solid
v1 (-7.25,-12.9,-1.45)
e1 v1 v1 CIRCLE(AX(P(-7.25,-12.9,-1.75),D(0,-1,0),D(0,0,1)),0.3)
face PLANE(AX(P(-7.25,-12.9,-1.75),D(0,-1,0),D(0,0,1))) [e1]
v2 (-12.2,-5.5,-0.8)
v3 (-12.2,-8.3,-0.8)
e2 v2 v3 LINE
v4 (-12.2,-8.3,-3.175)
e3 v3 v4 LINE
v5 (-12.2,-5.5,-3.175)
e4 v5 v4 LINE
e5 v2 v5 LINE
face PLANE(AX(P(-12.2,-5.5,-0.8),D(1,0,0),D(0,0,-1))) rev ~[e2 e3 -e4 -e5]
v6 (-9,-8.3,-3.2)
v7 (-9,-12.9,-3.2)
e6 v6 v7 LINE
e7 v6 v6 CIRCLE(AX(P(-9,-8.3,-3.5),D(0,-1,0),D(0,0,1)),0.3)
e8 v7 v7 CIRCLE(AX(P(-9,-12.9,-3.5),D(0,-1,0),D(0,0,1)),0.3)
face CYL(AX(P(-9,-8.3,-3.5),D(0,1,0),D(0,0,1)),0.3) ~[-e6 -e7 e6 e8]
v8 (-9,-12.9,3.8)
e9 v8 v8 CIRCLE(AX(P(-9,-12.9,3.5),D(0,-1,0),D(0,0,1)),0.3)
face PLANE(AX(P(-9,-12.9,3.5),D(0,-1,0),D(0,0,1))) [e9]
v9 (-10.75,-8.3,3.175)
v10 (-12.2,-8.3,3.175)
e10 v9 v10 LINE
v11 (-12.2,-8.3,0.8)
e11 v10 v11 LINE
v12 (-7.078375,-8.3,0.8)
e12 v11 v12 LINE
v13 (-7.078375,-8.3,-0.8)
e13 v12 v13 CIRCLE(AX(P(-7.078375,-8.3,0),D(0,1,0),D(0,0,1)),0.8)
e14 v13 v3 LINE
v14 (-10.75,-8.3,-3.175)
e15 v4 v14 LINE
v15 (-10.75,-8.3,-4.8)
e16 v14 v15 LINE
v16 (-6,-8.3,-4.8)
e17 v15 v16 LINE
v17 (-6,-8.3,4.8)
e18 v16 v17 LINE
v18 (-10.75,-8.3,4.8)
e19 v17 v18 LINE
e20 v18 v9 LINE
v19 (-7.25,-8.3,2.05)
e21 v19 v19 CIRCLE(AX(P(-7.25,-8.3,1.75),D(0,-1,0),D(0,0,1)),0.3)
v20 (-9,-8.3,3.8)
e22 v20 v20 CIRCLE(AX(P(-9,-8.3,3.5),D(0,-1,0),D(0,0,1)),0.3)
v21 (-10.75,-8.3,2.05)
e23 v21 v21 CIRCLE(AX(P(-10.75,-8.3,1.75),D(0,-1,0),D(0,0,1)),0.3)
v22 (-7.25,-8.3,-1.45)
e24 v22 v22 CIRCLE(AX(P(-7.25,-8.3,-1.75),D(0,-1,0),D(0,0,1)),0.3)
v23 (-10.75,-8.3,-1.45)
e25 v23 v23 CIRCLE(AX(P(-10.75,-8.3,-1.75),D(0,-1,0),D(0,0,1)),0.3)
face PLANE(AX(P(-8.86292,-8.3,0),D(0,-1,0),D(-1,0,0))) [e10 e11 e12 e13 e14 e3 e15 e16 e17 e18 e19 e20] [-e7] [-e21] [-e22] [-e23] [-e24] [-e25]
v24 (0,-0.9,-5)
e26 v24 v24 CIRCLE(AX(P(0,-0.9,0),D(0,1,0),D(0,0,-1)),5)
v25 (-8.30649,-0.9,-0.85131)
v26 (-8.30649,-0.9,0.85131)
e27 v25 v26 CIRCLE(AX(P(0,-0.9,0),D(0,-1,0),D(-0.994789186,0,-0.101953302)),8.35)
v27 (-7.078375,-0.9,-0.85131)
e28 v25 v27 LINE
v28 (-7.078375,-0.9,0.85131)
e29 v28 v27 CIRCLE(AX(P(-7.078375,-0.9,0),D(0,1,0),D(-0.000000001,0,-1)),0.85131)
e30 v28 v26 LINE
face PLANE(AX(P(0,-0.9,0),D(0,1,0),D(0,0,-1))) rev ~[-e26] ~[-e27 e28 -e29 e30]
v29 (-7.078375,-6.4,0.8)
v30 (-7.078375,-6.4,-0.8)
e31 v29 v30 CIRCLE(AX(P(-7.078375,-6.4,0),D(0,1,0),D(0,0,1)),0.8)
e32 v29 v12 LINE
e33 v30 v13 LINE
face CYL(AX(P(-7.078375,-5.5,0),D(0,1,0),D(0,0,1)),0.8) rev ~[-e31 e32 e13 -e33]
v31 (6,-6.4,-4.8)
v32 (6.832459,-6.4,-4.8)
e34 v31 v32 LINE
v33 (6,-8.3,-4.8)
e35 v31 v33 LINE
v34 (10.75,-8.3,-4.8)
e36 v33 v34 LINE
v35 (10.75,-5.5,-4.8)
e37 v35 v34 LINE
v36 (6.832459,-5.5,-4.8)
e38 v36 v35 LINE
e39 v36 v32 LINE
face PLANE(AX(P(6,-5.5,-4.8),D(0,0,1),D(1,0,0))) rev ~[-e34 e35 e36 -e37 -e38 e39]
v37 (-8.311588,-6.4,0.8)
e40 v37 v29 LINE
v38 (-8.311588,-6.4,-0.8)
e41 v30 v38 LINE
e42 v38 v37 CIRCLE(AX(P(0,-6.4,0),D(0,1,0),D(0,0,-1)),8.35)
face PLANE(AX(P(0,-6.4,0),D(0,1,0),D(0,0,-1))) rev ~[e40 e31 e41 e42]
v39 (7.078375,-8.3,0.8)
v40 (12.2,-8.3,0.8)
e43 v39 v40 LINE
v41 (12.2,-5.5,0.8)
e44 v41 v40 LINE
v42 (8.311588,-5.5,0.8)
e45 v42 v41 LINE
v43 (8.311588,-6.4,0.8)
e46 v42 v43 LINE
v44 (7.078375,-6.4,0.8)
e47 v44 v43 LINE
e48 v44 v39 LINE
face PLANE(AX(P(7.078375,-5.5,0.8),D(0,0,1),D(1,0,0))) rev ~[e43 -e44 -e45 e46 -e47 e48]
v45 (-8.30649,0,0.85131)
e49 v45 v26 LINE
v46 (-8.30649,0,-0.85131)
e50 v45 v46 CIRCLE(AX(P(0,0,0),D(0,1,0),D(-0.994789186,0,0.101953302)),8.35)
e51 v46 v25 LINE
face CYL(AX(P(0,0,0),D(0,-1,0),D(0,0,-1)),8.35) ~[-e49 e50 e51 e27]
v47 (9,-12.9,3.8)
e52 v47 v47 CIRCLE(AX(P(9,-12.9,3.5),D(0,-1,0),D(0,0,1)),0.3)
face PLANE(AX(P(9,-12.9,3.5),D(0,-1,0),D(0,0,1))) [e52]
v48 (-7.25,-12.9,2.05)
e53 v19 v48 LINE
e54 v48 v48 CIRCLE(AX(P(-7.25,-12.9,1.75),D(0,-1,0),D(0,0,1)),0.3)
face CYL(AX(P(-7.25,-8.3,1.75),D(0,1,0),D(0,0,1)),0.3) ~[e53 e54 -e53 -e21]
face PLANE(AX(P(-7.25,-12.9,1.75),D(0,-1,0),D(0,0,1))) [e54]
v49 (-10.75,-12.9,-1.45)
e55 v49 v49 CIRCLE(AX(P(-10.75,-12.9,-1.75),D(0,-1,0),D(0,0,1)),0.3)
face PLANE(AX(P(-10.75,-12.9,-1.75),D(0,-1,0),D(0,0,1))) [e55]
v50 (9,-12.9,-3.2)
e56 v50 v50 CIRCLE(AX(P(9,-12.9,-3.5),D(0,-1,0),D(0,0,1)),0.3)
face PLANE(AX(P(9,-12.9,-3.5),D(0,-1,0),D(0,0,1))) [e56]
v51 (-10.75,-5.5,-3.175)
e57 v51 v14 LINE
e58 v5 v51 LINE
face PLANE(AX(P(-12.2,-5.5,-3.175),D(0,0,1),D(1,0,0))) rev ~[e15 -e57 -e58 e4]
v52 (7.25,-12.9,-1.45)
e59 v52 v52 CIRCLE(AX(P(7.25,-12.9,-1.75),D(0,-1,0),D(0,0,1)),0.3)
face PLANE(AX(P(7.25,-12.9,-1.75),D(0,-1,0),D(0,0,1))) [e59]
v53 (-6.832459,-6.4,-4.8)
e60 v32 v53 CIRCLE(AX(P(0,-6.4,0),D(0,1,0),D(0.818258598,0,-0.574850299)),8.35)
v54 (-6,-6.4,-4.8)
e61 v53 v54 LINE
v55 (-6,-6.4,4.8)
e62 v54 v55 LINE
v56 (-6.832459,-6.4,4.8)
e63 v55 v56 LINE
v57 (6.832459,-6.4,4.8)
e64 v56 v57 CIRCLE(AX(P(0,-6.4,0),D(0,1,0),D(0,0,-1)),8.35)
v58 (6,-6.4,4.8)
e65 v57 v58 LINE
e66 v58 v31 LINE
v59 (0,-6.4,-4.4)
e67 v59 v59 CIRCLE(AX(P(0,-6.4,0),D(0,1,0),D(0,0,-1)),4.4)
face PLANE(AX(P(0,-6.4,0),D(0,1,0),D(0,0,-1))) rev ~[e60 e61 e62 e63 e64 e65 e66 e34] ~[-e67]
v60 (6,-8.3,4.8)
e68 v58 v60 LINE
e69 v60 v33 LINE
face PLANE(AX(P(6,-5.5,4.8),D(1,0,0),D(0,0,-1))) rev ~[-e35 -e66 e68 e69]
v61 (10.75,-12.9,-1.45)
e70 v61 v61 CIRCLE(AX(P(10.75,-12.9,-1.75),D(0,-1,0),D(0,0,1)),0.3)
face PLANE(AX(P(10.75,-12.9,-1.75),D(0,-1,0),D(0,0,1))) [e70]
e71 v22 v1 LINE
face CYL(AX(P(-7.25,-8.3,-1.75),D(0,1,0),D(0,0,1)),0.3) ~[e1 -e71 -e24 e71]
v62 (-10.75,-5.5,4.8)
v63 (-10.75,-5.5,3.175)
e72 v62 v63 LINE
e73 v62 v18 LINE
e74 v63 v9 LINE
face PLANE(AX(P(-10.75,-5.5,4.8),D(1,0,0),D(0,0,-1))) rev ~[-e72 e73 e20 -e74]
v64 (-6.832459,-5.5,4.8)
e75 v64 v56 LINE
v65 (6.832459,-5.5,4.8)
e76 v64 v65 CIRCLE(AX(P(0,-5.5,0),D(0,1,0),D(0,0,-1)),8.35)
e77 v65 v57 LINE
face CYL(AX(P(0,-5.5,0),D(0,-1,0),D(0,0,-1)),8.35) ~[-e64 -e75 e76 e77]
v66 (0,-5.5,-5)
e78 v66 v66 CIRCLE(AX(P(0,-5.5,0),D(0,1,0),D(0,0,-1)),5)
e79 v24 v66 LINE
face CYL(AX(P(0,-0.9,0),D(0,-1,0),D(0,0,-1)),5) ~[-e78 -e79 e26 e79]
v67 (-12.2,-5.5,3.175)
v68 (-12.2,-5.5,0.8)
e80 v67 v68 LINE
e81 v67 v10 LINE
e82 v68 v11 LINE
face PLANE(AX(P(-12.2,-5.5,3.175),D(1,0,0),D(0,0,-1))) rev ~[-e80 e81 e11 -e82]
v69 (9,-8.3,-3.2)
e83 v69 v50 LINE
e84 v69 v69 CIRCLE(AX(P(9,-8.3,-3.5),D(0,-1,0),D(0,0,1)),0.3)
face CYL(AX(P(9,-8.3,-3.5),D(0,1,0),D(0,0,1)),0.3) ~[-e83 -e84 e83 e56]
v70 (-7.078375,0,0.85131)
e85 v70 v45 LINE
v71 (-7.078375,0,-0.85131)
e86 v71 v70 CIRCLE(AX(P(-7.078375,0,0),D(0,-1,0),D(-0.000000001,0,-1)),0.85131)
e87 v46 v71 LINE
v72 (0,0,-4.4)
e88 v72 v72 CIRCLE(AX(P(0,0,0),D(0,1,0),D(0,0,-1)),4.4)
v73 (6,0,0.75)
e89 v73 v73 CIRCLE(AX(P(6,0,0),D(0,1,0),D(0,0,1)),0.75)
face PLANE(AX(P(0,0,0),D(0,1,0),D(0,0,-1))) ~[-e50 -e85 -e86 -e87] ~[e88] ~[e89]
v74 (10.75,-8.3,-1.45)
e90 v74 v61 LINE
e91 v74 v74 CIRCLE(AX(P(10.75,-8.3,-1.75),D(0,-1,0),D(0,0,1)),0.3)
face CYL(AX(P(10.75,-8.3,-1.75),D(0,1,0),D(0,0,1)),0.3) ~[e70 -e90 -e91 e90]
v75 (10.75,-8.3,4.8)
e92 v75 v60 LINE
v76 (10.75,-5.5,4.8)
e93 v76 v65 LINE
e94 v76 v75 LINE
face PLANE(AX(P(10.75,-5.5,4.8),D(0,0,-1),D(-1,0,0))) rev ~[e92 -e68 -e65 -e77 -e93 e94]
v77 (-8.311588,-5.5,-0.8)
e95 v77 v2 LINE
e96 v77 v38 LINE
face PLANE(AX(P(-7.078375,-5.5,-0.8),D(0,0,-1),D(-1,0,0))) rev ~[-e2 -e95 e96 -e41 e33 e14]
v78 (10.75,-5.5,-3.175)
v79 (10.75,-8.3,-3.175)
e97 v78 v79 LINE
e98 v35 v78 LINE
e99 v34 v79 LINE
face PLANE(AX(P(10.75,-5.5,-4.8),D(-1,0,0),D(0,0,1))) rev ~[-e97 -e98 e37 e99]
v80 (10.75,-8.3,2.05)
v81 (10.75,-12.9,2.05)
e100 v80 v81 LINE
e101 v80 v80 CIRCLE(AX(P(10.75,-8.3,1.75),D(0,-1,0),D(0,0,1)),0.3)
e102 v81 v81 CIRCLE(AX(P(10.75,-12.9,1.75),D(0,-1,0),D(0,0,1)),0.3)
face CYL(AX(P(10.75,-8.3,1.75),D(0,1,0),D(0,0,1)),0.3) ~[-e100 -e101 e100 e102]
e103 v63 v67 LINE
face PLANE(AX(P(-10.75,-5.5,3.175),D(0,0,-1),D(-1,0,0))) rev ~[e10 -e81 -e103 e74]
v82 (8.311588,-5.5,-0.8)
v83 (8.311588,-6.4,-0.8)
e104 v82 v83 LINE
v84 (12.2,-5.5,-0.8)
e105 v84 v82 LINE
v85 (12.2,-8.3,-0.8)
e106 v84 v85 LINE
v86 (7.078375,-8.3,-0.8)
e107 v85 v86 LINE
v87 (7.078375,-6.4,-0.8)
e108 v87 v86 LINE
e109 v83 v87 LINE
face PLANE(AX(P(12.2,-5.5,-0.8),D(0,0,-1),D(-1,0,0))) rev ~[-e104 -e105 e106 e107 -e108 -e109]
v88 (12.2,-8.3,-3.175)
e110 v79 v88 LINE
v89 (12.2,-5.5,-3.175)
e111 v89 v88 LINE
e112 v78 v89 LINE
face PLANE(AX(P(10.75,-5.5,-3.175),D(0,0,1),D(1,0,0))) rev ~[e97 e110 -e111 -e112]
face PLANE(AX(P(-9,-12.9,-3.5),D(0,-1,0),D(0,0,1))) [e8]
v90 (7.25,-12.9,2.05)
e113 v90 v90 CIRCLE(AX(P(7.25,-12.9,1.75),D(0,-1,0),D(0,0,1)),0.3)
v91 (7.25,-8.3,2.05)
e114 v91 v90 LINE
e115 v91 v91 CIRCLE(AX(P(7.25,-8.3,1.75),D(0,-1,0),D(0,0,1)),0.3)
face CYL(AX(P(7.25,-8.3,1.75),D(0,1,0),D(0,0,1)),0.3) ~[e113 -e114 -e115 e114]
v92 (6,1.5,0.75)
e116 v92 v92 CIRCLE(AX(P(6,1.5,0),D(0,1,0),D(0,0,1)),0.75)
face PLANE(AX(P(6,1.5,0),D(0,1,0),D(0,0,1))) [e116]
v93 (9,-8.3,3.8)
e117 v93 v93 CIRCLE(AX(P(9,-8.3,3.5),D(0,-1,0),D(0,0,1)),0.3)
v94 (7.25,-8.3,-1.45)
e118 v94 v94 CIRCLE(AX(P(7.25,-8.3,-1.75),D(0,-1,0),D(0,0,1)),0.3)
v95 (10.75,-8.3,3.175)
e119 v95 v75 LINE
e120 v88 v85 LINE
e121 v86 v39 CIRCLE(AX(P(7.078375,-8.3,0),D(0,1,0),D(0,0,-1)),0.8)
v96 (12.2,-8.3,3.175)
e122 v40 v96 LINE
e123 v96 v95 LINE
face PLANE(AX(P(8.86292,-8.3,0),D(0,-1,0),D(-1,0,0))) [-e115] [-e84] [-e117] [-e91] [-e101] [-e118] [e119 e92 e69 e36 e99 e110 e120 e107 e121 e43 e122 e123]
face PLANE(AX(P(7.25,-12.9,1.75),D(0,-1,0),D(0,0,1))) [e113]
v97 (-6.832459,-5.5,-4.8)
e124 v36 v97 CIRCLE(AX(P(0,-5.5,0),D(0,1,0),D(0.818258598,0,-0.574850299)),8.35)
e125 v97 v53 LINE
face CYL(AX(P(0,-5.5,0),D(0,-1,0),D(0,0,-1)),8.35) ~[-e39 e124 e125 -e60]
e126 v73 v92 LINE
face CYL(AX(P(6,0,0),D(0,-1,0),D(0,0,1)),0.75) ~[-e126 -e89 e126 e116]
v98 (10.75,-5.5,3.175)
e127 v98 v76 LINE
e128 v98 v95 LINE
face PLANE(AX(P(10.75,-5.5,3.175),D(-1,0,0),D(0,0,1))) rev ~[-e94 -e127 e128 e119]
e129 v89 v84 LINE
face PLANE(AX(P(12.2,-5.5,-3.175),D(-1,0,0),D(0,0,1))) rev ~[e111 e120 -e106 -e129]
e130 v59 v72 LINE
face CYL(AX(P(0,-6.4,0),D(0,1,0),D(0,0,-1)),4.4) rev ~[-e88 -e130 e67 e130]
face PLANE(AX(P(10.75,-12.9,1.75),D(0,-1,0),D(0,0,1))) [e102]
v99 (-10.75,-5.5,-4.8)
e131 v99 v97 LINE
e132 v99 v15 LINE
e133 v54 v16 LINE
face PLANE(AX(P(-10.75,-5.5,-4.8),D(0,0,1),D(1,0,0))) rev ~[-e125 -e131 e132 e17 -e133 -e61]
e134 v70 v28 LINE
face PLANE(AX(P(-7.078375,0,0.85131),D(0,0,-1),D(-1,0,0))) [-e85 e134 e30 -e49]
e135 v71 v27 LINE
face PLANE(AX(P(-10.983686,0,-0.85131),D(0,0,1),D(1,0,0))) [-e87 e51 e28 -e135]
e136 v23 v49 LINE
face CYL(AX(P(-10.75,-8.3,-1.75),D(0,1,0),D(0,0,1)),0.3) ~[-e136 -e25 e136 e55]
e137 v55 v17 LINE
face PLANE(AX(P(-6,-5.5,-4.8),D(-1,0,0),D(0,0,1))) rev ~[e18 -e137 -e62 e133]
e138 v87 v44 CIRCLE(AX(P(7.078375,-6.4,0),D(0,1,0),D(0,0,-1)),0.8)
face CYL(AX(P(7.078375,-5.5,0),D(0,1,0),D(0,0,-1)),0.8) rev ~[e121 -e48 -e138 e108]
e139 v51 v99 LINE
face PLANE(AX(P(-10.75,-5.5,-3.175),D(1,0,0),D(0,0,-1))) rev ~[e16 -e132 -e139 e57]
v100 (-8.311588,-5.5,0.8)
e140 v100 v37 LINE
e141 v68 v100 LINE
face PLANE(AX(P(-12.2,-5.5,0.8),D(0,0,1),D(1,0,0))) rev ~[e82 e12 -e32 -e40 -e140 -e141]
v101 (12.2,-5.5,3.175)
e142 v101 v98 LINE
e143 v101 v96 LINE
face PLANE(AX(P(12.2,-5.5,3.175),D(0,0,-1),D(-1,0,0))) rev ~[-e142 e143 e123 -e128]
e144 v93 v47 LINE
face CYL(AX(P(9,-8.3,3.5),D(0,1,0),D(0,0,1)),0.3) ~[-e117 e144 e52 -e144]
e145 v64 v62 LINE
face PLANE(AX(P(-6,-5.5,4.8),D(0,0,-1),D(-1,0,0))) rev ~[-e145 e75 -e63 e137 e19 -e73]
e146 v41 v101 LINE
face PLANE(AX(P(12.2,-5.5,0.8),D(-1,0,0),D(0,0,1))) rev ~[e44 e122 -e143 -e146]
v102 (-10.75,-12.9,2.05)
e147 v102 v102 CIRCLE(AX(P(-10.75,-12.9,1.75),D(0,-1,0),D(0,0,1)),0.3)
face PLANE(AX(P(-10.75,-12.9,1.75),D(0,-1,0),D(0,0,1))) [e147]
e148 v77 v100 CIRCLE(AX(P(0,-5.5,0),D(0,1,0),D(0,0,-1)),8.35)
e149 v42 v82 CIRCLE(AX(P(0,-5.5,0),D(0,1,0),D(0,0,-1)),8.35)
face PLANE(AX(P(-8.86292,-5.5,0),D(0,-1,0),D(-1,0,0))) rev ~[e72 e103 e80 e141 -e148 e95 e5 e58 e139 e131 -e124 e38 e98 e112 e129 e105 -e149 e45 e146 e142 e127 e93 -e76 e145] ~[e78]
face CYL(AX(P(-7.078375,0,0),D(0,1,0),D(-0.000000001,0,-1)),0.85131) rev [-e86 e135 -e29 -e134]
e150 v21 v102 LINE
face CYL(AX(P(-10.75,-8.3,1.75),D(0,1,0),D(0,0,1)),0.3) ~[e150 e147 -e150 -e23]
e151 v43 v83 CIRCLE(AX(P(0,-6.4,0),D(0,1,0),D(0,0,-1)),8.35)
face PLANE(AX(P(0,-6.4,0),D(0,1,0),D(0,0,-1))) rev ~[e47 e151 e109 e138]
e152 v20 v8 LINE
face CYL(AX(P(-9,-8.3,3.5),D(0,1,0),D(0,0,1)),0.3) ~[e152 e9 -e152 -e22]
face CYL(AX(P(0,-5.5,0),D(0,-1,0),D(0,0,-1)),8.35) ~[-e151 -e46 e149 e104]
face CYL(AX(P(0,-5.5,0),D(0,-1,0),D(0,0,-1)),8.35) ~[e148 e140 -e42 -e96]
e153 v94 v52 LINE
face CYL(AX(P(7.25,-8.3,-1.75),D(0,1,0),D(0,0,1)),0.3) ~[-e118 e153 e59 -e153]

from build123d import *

# Parameters (mm, degrees)
SKETCH_2_R          = 0.75
EXTRUDE_1_DEPTH     = 1.5
CUT_EXTRUDE_1_DEPTH = 1.5
EXTRUDE_2_DEPTH     = 2.8
SKETCH_5_R          = 0.3
EXTRUDE_3_DEPTH     = 4.6


with BuildPart() as part:
    # 草图1 → 旋转1 (revolve)
    with BuildSketch(Plane.XY, mode=Mode.PRIVATE) as revolve_1_sk:
        Polygon((8.35, -5.5), (8.35, -6.4), (4.4, -6.4), (4.4, 0), (8.35, 0), (8.35, -0.9), (5, -0.9), (5, -5.5), align=None)
    revolve(revolve_1_sk.sketch.rotate(Axis((0, -3.284222298, 0), (0, 1, 0)), 90), axis=Axis((0, -3.284222298, 0), (0, 1, 0)))

    # 草图2 → 凸台-拉伸1 (add)
    with BuildSketch(Plane(origin=(0, 0, 0), x_dir=(1, 0, 0), z_dir=(0, 1, 0))):
        with Locations(Location((6, 0, 0), (0, 0, 270))):
            Circle(SKETCH_2_R)
    extrude(amount=EXTRUDE_1_DEPTH)

    # 草图3 → 切除-拉伸1 (cut)
    with BuildSketch(Plane(origin=(0, 0, 0), x_dir=(1, 0, 0), z_dir=(0, 1, 0))):
        with BuildLine():
            Line((-7.078375357, -0.851310072), (-10.983685898, -0.851310072))
            ThreePointArc((-10.983685898, -0.851310072), (-11.834995971, 0), (-10.983685898, 0.851310072))
            Line((-10.983685898, 0.851310072), (-7.078375357, 0.851310072))
            ThreePointArc((-7.078375357, 0.851310072), (-6.227065284, 0), (-7.078375357, -0.851310072))
        make_face()
    extrude(amount=-CUT_EXTRUDE_1_DEPTH, mode=Mode.SUBTRACT)

    # 草图4 → 凸台-拉伸2 (add)
    with BuildSketch(Plane(origin=(0, -5.5, 0), x_dir=(1, 0, 0), z_dir=(0, 1, 0))):
        with BuildLine():
            Line((-10.75, 4.8), (-6, 4.8))
            Line((-6, 4.8), (-6, -4.8))
            Line((-6, -4.8), (-10.75, -4.8))
            Line((-10.75, -4.8), (-10.75, -3.175))
            Line((-10.75, -3.175), (-12.2, -3.175))
            Line((-12.2, -3.175), (-12.2, -0.8))
            Line((-12.2, -0.8), (-7.078375357, -0.8))
            ThreePointArc((-7.078375357, -0.8), (-6.278375357, 0), (-7.078375357, 0.8))
            Line((-7.078375357, 0.8), (-12.2, 0.8))
            Line((-12.2, 0.8), (-12.2, 3.175))
            Line((-12.2, 3.175), (-10.75, 3.175))
            Line((-10.75, 3.175), (-10.75, 4.8))
        make_face()
        with BuildLine():
            Line((12.2, 3.175), (12.2, 0.8))
            Line((12.2, 0.8), (7.078375357, 0.8))
            ThreePointArc((7.078375357, 0.8), (6.278375357, 0), (7.078375357, -0.8))
            Line((7.078375357, -0.8), (12.2, -0.8))
            Line((12.2, -0.8), (12.2, -3.175))
            Line((12.2, -3.175), (10.75, -3.175))
            Line((10.75, -3.175), (10.75, -4.8))
            Line((10.75, -4.8), (6, -4.8))
            Line((6, -4.8), (6, 4.8))
            Line((6, 4.8), (10.75, 4.8))
            Line((10.75, 4.8), (10.75, 3.175))
            Line((10.75, 3.175), (12.2, 3.175))
        make_face()
    extrude(amount=-EXTRUDE_2_DEPTH)

    # 草图5 → 凸台-拉伸3 (add)
    with BuildSketch(Plane.XZ.offset(8.3)):
        with Locations(Location((-10.75, -1.75, 0), (0, 0, 90))):
            Circle(SKETCH_5_R)
        with Locations(Location((-7.25, -1.75, 0), (0, 0, 90))):
            Circle(SKETCH_5_R)
        with Locations(Location((-9, -3.5, 0), (0, 0, 90))):
            Circle(SKETCH_5_R)
        with Locations(Location((-9, 3.5, 0), (0, 0, 90))):
            Circle(SKETCH_5_R)
        with Locations(Location((-10.75, 1.75, 0), (0, 0, 90))):
            Circle(SKETCH_5_R)
        with Locations(Location((-7.25, 1.75, 0), (0, 0, 90))):
            Circle(SKETCH_5_R)
        with Locations(Location((7.25, 1.75, 0), (0, 0, 90))):
            Circle(SKETCH_5_R)
        with Locations(Location((10.75, 1.75, 0), (0, 0, 90))):
            Circle(SKETCH_5_R)
        with Locations(Location((10.75, -1.75, 0), (0, 0, 90))):
            Circle(SKETCH_5_R)
        with Locations(Location((7.25, -1.75, 0), (0, 0, 90))):
            Circle(SKETCH_5_R)
        with Locations(Location((9, -3.5, 0), (0, 0, 90))):
            Circle(SKETCH_5_R)
        with Locations(Location((9, 3.5, 0), (0, 0, 90))):
            Circle(SKETCH_5_R)
    extrude(amount=EXTRUDE_3_DEPTH)


solid = part.part
